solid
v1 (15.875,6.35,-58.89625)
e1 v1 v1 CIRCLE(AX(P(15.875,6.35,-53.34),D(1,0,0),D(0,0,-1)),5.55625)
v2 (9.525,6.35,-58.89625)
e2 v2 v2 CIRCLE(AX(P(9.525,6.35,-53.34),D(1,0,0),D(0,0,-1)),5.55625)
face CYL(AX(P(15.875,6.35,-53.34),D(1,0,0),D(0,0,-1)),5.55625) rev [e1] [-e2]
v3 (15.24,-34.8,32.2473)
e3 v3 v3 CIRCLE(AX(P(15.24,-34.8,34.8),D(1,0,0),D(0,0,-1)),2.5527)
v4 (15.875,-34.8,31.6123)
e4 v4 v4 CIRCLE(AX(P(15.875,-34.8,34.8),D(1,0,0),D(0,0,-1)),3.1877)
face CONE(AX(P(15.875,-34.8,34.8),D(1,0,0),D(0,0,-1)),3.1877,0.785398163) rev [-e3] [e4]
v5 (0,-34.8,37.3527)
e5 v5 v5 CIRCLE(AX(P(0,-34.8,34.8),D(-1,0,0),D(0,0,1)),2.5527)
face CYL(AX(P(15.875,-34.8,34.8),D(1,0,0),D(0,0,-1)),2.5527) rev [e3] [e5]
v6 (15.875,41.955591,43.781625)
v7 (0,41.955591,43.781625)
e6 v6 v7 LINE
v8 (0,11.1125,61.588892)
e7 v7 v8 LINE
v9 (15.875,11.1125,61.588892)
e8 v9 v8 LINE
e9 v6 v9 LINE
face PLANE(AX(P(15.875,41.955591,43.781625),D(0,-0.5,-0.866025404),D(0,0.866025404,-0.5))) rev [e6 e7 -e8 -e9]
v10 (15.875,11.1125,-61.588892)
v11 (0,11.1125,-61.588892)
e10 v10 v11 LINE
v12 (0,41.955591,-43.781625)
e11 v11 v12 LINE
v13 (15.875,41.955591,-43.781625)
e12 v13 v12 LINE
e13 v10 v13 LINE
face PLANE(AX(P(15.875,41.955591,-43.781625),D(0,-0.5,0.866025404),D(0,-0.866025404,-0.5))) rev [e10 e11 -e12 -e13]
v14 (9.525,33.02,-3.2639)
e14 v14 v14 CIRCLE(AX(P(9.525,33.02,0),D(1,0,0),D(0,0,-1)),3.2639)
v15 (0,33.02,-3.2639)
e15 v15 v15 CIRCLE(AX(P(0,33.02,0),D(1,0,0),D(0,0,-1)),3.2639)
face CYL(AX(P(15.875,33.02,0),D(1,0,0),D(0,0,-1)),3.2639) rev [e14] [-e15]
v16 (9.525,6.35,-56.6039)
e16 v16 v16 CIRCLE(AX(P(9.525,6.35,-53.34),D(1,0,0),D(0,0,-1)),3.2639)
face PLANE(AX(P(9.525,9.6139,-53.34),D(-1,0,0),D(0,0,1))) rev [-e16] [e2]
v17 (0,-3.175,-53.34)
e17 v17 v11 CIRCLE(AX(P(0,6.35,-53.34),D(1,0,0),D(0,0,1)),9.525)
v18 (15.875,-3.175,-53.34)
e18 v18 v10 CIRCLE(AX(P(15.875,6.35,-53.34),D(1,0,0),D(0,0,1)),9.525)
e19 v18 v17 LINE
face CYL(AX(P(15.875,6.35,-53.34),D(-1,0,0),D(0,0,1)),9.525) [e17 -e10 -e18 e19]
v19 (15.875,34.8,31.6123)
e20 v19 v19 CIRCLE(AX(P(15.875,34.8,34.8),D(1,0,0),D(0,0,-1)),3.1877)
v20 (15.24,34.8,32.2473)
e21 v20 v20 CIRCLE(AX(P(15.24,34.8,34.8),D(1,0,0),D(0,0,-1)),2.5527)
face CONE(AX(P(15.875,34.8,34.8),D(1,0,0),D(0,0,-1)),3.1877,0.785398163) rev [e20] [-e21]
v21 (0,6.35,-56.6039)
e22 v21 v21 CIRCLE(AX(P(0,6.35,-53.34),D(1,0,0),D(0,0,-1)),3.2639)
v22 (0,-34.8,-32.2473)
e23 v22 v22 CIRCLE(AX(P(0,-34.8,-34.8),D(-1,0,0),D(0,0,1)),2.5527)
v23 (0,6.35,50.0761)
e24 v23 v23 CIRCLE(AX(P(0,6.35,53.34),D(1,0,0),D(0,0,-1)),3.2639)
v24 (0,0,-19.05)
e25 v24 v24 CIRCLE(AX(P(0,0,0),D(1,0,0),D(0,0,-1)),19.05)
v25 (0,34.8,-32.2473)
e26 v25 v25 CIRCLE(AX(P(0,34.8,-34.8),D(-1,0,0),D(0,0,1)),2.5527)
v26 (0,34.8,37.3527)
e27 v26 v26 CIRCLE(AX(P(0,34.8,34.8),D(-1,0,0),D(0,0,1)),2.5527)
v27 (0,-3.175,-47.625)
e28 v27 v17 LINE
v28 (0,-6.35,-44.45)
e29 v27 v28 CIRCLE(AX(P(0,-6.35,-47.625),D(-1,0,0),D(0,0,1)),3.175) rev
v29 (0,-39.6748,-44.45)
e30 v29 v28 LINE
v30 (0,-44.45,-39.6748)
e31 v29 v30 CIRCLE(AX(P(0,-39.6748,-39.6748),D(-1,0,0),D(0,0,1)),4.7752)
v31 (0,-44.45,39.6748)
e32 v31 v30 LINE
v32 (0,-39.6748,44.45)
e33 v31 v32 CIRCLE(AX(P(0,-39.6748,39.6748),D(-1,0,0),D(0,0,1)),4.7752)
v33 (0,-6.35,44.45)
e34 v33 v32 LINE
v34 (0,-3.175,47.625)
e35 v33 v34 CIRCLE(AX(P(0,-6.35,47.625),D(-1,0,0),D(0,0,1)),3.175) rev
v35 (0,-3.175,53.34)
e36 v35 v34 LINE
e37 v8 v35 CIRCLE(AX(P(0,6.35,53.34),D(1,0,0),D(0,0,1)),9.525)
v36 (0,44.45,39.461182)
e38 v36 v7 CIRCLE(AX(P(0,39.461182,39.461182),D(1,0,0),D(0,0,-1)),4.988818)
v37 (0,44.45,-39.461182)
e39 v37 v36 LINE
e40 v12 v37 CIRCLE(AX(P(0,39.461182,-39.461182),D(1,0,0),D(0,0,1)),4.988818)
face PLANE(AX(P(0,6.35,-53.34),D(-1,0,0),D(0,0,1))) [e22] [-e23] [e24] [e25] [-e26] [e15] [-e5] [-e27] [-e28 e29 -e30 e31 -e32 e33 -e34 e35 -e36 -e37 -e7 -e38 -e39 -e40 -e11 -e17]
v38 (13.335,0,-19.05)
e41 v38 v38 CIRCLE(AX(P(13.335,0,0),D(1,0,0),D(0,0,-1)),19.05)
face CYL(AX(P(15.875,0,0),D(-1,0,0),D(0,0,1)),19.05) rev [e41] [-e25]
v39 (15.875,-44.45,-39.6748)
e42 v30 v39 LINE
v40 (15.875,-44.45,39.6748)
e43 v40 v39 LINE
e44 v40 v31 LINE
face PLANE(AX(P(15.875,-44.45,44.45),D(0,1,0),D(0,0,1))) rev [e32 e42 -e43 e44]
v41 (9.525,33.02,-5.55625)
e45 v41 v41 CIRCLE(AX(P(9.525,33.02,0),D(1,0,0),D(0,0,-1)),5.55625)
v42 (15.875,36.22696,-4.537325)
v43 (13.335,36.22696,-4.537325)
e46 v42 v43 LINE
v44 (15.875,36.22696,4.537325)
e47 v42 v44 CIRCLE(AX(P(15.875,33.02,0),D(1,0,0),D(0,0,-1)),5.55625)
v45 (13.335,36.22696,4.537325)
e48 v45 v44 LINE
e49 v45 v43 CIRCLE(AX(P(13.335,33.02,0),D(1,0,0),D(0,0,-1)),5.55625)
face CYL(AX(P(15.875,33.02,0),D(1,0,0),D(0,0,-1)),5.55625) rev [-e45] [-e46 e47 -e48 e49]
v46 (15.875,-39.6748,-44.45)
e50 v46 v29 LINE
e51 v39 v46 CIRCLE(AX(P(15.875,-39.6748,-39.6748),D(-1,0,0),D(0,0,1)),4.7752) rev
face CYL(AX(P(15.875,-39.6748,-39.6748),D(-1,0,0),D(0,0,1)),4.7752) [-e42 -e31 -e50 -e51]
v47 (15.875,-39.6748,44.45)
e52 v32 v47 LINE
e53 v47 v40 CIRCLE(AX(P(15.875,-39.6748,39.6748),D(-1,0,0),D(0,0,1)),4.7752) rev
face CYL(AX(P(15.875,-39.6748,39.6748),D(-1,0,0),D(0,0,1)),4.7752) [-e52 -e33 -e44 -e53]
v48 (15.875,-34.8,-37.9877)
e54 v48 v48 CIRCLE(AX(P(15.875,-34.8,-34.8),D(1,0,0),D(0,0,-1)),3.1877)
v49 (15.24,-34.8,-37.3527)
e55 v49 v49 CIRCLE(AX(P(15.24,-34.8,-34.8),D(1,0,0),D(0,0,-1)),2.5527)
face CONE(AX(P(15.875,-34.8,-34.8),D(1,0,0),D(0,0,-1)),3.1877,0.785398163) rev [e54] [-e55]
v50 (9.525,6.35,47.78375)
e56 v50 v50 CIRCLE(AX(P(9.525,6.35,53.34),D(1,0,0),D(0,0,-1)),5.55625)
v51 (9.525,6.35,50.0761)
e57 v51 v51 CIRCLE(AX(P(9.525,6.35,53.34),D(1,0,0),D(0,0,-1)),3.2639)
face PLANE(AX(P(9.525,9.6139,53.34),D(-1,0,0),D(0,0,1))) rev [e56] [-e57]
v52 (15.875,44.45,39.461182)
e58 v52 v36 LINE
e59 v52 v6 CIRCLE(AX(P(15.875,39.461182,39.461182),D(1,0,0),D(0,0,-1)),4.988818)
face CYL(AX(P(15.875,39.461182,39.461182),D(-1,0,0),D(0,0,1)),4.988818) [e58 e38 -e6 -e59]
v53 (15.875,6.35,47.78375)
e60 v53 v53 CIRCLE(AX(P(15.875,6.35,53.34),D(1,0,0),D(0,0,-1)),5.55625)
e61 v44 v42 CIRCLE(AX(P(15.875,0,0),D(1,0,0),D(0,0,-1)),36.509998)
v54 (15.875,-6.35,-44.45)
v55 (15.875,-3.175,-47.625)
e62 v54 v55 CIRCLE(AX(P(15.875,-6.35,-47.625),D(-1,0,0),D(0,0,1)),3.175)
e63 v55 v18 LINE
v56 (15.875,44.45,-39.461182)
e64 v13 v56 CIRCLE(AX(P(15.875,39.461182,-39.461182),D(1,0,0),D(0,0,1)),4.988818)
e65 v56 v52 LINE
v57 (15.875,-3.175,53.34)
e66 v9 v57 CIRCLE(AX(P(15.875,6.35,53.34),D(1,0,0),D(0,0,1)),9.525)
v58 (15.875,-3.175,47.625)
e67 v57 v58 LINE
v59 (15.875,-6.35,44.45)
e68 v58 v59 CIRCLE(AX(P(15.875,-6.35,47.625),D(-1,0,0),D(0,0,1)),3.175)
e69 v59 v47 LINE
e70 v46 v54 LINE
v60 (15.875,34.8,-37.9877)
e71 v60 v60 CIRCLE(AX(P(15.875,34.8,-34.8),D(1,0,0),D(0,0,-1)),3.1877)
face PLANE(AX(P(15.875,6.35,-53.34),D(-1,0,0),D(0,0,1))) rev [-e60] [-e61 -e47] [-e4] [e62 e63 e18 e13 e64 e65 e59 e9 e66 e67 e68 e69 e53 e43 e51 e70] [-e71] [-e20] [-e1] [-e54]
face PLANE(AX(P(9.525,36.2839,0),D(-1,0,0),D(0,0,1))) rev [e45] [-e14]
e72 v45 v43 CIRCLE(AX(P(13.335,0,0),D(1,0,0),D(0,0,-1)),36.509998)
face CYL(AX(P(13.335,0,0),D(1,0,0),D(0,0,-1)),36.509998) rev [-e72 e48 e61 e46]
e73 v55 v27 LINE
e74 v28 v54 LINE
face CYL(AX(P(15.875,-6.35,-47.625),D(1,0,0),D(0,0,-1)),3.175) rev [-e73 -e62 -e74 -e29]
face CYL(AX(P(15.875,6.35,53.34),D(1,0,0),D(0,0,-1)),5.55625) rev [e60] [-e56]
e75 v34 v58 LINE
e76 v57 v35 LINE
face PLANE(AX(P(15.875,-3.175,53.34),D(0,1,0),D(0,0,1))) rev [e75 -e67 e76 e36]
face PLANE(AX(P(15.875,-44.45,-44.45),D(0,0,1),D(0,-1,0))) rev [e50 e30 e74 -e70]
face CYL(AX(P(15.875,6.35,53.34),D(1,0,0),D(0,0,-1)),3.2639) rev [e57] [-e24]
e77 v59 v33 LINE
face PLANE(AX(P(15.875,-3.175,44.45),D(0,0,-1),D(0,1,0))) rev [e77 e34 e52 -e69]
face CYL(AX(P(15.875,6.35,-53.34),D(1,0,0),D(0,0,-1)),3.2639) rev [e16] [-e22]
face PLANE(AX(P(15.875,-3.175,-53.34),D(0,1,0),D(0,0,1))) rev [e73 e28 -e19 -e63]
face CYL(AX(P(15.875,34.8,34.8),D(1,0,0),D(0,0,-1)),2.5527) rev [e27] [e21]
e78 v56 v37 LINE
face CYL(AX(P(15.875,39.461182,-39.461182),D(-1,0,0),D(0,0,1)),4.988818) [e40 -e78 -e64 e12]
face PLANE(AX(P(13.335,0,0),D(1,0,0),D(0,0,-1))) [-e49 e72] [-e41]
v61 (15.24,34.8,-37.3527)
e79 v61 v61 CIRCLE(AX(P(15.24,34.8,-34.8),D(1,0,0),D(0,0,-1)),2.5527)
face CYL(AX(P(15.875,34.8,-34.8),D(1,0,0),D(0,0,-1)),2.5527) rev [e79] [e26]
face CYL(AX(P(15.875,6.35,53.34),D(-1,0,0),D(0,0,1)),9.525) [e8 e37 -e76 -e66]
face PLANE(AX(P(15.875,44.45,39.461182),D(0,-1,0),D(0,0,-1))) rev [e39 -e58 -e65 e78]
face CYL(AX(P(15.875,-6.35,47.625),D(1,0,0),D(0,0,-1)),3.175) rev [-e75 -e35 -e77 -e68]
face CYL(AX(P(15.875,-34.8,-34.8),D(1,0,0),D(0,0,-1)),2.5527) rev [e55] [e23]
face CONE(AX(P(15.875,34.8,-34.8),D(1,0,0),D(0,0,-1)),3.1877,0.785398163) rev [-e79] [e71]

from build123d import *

# Parameters (mm, degrees)
SKETCH1_R                                        = 19.05
BOSS_EXTRUDE1_DEPTH                              = 15.875
FILLET2_R                                        = 3.175
FILLET3_R                                        = 4.7752
SKETCH6_R                                        = 36.5099981
CUT_EXTRUDE2_DEPTH                               = 2.54
CBORE_FOR_1_4_SOCKET_HEAD_CAP_SCREW1_D           = 6.5278
CBORE_FOR_1_4_SOCKET_HEAD_CAP_SCREW1_CBORE_D     = 11.1125
CBORE_FOR_1_4_SOCKET_HEAD_CAP_SCREW1_CBORE_DEPTH = 6.35
F_1_4_20_TAPPED_HOLE1_D                          = 5.1054
F_1_4_20_TAPPED_HOLE1_DEPTH                      = 19.05
F_1_4_20_TAPPED_HOLE1_CSINK_D                    = 6.3754
F_1_4_20_TAPPED_HOLE1_CSINK_ANGLE                = 90
F_1_4_20_TAPPED_HOLE1_TIP                        = 1.533816902


with BuildPart() as part:
    # Sketch1 → Boss-Extrude1 (new body)
    with BuildSketch(Plane(origin=(0, 0, 0), x_dir=(0, 0, -1), z_dir=(1, 0, 0))):
        with BuildLine():
            Line((-39.461181898, 44.45), (39.461181898, 44.45))
            ThreePointArc((39.461181898, 44.45), (41.955590949, 43.781625109), (43.781625109, 41.955590949))
            Line((43.781625109, 41.955590949), (61.588891971, 11.1125))
            ThreePointArc((61.588891971, 11.1125), (61.588891971, 1.5875), (53.34, -3.175))
            Line((53.34, -3.175), (44.45, -3.175))
            Line((44.45, -3.175), (44.45, -44.45))
            Line((44.45, -44.45), (-44.45, -44.45))
            Line((-44.45, -44.45), (-44.45, -3.175))
            Line((-44.45, -3.175), (-53.34, -3.175))
            ThreePointArc((-53.34, -3.175), (-61.588891971, 1.5875), (-61.588891971, 11.1125))
            Line((-61.588891971, 11.1125), (-43.781625109, 41.955590949))
            ThreePointArc((-43.781625109, 41.955590949), (-41.955590949, 43.781625109), (-39.461181898, 44.45))
        make_face()
        Circle(SKETCH1_R, mode=Mode.SUBTRACT)
    extrude(amount=BOSS_EXTRUDE1_DEPTH)

    # Fillet2
    fillet2_edges = [part.edges().sort_by_distance(p)[0] for p in [
        (7.9375, -3.175, 44.45),
        (7.9375, -3.175, -44.45),
    ]]
    fillet(fillet2_edges, radius=FILLET2_R)

    # Fillet3
    fillet3_edges = [part.edges().sort_by_distance(p)[0] for p in [
        (7.9375, -44.45, 44.45),
        (7.9375, -44.45, -44.45),
    ]]
    fillet(fillet3_edges, radius=FILLET3_R)

    # Sketch6 → Cut-Extrude2 (cut)
    with BuildSketch(Plane(origin=(15.875, 0, 0), x_dir=(0, 0, -1), z_dir=(1, 0, 0))):
        Circle(SKETCH6_R)
    extrude(amount=-CUT_EXTRUDE2_DEPTH, mode=Mode.SUBTRACT)

    # CBORE for 1/4 Socket Head Cap Screw1 (through all)
    with Locations(Plane(origin=(15.875, 0, 0), x_dir=(0, 0, -1), z_dir=(1, 0, 0))):
        with Locations((-53.34, 6.35), (53.34, 6.35), (0, 33.02)):
            CounterBoreHole(CBORE_FOR_1_4_SOCKET_HEAD_CAP_SCREW1_D / 2, CBORE_FOR_1_4_SOCKET_HEAD_CAP_SCREW1_CBORE_D / 2, CBORE_FOR_1_4_SOCKET_HEAD_CAP_SCREW1_CBORE_DEPTH)

    # 1/4-20 Tapped Hole1
    with Locations(Plane(origin=(15.875, 0, 0), x_dir=(0, 0, -1), z_dir=(1, 0, 0))):
        with Locations((34.8, -34.8), (-34.8, 34.8), (-34.8, -34.8), (34.8, 34.8)):
            CounterSinkHole(F_1_4_20_TAPPED_HOLE1_D / 2, F_1_4_20_TAPPED_HOLE1_CSINK_D / 2, depth=F_1_4_20_TAPPED_HOLE1_DEPTH, counter_sink_angle=F_1_4_20_TAPPED_HOLE1_CSINK_ANGLE)
            with Locations((0, 0, -(F_1_4_20_TAPPED_HOLE1_DEPTH + F_1_4_20_TAPPED_HOLE1_TIP / 2))):  # 118° drill point
                Cone(0, F_1_4_20_TAPPED_HOLE1_D / 2, F_1_4_20_TAPPED_HOLE1_TIP, mode=Mode.SUBTRACT)


solid = part.part
